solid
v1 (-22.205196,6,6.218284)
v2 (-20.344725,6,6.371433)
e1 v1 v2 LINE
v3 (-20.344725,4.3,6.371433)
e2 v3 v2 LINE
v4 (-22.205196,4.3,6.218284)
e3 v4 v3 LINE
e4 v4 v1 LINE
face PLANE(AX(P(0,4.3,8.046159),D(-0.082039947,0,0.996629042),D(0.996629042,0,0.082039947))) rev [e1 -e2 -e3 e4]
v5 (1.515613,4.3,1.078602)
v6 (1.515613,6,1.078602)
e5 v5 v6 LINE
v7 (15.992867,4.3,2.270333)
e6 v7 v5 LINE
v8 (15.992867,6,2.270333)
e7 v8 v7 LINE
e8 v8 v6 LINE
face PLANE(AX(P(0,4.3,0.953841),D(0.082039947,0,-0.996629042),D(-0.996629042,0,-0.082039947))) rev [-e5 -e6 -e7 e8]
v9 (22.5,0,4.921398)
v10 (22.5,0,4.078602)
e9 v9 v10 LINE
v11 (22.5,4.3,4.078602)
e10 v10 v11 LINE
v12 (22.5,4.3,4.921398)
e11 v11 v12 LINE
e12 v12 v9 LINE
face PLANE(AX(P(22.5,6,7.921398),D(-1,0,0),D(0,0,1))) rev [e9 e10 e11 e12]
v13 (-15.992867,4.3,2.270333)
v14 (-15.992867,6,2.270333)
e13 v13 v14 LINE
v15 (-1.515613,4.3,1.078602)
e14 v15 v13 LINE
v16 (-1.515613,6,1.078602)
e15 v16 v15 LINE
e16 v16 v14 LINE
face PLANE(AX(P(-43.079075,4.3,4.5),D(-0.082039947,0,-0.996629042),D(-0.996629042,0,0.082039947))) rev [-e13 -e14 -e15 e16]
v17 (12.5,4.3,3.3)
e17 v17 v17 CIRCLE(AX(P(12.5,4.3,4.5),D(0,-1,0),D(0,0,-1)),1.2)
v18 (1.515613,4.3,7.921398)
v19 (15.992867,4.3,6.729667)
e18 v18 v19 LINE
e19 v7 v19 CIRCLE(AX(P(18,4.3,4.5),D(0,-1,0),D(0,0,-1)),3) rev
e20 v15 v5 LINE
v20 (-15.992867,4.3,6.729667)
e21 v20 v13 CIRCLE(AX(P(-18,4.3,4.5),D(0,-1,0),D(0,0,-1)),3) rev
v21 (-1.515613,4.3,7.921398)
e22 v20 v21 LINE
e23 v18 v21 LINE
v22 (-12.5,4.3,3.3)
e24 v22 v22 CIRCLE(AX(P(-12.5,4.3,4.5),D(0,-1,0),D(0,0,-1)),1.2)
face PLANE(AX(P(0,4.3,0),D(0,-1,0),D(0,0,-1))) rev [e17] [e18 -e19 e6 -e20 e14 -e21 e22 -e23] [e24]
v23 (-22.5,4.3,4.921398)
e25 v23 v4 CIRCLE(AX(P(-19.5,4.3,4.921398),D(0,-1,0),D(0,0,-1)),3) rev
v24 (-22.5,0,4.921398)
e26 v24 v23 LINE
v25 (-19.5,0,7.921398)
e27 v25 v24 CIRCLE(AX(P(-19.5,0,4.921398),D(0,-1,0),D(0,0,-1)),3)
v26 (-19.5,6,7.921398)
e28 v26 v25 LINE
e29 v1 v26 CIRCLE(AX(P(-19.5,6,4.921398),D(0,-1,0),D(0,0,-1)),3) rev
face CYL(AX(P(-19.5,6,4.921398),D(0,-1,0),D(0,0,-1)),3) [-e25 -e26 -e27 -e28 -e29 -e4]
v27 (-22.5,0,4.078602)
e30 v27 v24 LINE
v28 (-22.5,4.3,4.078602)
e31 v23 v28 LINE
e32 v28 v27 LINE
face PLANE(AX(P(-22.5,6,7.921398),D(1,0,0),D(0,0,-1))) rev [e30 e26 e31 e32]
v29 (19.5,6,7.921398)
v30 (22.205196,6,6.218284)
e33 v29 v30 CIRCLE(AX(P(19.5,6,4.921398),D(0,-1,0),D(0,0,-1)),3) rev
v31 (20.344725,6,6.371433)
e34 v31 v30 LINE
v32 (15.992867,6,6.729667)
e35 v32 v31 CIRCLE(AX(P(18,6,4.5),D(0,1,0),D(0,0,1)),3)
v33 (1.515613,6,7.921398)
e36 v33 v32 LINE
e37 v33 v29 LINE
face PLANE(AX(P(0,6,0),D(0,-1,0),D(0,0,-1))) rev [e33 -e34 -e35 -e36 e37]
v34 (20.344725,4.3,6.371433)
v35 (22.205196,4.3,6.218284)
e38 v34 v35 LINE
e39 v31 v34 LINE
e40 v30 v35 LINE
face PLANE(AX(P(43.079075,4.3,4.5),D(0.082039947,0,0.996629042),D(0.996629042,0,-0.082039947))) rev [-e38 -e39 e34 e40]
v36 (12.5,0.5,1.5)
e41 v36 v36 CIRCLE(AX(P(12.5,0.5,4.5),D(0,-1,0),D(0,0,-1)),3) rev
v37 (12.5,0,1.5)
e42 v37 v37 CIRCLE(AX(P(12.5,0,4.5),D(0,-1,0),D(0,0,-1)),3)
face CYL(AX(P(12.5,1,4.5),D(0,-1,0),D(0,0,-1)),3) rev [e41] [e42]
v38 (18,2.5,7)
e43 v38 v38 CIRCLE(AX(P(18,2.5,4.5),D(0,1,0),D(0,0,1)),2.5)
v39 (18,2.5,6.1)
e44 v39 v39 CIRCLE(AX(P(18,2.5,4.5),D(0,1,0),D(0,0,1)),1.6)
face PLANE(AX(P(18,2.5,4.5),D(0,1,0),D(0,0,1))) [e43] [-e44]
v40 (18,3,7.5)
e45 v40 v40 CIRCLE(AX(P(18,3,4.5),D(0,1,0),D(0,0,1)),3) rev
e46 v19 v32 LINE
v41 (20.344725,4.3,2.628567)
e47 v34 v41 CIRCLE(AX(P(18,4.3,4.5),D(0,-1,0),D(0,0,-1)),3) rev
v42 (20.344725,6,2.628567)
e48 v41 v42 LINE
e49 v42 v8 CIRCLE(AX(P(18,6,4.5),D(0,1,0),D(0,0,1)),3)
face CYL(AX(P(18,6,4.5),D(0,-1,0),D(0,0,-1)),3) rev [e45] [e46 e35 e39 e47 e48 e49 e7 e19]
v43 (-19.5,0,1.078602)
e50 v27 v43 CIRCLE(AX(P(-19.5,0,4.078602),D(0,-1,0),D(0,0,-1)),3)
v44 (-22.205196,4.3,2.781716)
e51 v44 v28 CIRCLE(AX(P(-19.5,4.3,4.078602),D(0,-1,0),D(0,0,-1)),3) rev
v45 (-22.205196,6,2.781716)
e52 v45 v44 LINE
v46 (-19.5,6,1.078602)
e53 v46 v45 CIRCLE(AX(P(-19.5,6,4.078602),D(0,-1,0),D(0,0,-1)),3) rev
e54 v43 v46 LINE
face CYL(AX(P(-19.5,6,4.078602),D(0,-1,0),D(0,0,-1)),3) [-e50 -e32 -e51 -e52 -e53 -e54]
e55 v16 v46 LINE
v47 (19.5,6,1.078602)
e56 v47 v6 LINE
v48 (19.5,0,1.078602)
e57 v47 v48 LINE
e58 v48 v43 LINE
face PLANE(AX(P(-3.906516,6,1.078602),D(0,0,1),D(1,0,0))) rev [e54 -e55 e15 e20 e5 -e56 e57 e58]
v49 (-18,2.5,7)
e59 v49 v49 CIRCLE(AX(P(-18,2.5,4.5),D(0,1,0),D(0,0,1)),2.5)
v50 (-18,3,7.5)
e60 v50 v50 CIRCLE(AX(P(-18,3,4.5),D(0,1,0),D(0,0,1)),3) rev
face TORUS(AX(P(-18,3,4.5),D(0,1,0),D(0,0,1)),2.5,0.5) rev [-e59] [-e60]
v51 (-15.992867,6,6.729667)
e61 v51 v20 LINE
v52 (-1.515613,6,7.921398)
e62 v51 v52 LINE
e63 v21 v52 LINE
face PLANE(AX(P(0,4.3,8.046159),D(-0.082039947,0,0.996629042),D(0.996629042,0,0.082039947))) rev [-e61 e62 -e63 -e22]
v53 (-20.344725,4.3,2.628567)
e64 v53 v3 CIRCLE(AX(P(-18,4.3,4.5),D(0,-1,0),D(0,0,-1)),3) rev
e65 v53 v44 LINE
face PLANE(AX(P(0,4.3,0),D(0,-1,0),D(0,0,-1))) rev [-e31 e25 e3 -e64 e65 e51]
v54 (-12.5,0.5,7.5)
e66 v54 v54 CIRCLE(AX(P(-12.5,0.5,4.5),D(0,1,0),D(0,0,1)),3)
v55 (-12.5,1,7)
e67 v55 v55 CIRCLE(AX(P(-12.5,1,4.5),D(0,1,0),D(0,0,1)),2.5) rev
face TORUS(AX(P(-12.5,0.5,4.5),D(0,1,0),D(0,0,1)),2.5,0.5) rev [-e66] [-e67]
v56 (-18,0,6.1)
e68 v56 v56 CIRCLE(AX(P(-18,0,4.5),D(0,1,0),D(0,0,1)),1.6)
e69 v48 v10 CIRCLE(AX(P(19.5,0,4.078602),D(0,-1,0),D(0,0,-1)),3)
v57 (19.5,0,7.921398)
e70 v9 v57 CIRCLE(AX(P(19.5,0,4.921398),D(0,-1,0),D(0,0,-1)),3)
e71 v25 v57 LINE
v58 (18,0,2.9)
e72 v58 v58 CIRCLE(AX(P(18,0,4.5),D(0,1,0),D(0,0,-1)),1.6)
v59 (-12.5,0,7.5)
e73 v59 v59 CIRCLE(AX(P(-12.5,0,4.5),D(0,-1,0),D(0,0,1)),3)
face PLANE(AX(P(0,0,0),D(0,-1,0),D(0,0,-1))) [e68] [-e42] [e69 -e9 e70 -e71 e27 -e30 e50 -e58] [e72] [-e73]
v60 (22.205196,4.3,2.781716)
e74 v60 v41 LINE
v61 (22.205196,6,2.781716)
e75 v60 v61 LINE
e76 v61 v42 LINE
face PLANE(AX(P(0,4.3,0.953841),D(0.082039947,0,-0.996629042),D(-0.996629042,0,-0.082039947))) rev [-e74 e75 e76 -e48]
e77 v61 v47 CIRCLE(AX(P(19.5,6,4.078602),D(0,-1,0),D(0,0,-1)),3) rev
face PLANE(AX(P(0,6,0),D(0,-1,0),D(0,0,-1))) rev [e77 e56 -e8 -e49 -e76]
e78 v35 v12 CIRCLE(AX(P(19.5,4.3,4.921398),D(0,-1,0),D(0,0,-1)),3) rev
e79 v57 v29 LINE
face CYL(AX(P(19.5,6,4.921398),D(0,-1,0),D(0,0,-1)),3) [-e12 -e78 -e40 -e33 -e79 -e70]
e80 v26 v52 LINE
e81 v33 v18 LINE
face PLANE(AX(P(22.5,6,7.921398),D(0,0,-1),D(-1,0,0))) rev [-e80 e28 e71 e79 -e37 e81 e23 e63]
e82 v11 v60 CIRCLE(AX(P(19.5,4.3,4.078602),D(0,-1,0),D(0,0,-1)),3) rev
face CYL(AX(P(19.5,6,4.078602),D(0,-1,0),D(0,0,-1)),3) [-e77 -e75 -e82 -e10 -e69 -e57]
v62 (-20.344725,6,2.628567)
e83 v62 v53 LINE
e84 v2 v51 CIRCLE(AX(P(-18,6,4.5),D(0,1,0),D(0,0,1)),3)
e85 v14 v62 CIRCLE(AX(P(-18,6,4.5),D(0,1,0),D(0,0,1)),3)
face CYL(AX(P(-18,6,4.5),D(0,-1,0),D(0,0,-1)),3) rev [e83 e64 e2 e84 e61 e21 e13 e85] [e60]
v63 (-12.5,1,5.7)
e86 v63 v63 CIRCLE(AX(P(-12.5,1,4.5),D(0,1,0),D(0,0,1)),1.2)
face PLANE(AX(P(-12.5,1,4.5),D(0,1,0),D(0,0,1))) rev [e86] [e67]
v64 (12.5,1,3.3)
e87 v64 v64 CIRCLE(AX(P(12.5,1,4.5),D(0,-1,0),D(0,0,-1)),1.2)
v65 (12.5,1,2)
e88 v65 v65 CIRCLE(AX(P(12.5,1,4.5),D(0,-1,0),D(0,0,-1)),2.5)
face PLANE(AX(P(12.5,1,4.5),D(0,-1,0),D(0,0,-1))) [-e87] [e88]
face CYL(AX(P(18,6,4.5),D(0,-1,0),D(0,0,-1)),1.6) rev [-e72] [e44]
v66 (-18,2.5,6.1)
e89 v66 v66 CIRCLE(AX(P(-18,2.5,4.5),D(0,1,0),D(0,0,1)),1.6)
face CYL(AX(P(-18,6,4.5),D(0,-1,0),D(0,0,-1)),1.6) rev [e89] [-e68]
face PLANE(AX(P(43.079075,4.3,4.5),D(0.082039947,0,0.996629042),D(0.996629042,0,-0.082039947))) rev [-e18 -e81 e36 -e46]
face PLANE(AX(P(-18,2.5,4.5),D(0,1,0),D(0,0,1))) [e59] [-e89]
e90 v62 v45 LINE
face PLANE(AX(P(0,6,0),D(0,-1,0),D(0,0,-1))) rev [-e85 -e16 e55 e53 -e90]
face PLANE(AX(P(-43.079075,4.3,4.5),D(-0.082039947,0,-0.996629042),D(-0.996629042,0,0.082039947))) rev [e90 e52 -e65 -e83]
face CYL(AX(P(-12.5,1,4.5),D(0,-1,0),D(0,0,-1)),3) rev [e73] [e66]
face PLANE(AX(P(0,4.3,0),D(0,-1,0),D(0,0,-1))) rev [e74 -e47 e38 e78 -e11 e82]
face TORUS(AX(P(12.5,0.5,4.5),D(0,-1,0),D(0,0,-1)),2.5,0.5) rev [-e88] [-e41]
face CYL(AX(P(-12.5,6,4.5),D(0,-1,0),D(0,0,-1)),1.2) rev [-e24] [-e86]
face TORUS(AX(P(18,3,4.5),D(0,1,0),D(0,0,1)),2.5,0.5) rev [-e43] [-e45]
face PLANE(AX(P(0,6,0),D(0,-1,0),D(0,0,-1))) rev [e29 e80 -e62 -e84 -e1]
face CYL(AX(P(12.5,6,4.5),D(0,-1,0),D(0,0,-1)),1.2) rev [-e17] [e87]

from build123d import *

# Parameters (mm, degrees)
SKETCH_2_R               = 1.2
SKETCH_2_R_2             = 1.6
EXTRUDE_2_DEPTH          = 6
SKETCH_3_R               = 3
CUT_EXTRUDE_1_DEPTH      = 1
FILLET_2_R               = 3
CUT_EXTRUDE_2_DEPTH      = 1.7
SKETCH_5_R               = 3
CUT_EXTRUDE_3_DEPTH      = 2.7
CUT_EXTRUDE_3_DEPTH_BACK = 1.8
FILLET_3_R               = 0.5


with BuildPart() as part:
    # 草图2 → 凸台-拉伸2 (new body)
    with BuildSketch(Plane(origin=(0, 0, 4.5), x_dir=(1, 0, 0), z_dir=(0, 1, 0))):
        Polygon((22.5, -3.42139756), (22.5, 3.421397553), (3.906515802, 3.421397553), (-3.906515802, 3.421397553), (-22.5, 3.421397553), (-22.5, -3.42139756), (-3.906515802, -3.42139756), (3.906515802, -3.42139756), align=None)
        with Locations((-12.5, -3e-09)):
            Circle(SKETCH_2_R, mode=Mode.SUBTRACT)
        with Locations((12.5, -3e-09)):
            Circle(SKETCH_2_R, mode=Mode.SUBTRACT)
        with Locations((-18, -3e-09)):
            Circle(SKETCH_2_R_2, mode=Mode.SUBTRACT)
        with Locations((18, -3e-09)):
            Circle(SKETCH_2_R_2, mode=Mode.SUBTRACT)
    extrude(amount=EXTRUDE_2_DEPTH)

    # 草图3 → 切除-拉伸1 (cut)
    with BuildSketch(Plane(origin=(0, 0, 0), x_dir=(-1, 0, 0), z_dir=(0, -1, 0))):
        with Locations((-12.5, -4.500000003)):
            Circle(SKETCH_3_R)
        with Locations((12.5, -4.500000003)):
            Circle(SKETCH_3_R)
    extrude(amount=-CUT_EXTRUDE_1_DEPTH, mode=Mode.SUBTRACT)

    # 圆角2
    fillet_2_edges = [part.edges().sort_by_distance(p)[0] for p in [
        (22.5, 3, 1.078602447),
        (22.5, 3, 7.92139756),
        (-22.5, 3, 7.92139756),
        (-22.5, 3, 1.078602447),
    ]]
    fillet(fillet_2_edges, radius=FILLET_2_R)

    # 草图4 → 切除-拉伸2 (cut)
    with BuildSketch(Plane(origin=(0, 6, 0), x_dir=(1, 0, 0), z_dir=(0, 1, 0))):
        Polygon((43.079074711, -4.500000003), (0, -8.046158962), (-43.079074711, -4.500000003), (0, -0.953841045), align=None)
    extrude(amount=-CUT_EXTRUDE_2_DEPTH, mode=Mode.SUBTRACT)

    # 草图5 → 切除-拉伸3 (cut, two sides)
    with BuildSketch(Plane(origin=(0, 4.3, 0), x_dir=(1, 0, 0), z_dir=(0, 1, 0))) as cut_extrude_3_sk:
        with Locations((-18, -4.500000003)):
            Circle(SKETCH_5_R)
        with Locations((18, -4.500000003)):
            Circle(SKETCH_5_R)
    extrude(amount=CUT_EXTRUDE_3_DEPTH, mode=Mode.SUBTRACT)
    extrude(cut_extrude_3_sk.sketch, amount=-CUT_EXTRUDE_3_DEPTH_BACK, mode=Mode.SUBTRACT)

    # 圆角3
    fillet_3_edges = [part.edges().sort_by_distance(p)[0] for p in [
        (-21, 2.5, 4.500000003),
        (15, 2.5, 4.500000003),
        (15.5, 1, 4.500000003),
        (-9.5, 1, 4.500000003),
    ]]
    fillet(fillet_3_edges, radius=FILLET_3_R)


solid = part.part
